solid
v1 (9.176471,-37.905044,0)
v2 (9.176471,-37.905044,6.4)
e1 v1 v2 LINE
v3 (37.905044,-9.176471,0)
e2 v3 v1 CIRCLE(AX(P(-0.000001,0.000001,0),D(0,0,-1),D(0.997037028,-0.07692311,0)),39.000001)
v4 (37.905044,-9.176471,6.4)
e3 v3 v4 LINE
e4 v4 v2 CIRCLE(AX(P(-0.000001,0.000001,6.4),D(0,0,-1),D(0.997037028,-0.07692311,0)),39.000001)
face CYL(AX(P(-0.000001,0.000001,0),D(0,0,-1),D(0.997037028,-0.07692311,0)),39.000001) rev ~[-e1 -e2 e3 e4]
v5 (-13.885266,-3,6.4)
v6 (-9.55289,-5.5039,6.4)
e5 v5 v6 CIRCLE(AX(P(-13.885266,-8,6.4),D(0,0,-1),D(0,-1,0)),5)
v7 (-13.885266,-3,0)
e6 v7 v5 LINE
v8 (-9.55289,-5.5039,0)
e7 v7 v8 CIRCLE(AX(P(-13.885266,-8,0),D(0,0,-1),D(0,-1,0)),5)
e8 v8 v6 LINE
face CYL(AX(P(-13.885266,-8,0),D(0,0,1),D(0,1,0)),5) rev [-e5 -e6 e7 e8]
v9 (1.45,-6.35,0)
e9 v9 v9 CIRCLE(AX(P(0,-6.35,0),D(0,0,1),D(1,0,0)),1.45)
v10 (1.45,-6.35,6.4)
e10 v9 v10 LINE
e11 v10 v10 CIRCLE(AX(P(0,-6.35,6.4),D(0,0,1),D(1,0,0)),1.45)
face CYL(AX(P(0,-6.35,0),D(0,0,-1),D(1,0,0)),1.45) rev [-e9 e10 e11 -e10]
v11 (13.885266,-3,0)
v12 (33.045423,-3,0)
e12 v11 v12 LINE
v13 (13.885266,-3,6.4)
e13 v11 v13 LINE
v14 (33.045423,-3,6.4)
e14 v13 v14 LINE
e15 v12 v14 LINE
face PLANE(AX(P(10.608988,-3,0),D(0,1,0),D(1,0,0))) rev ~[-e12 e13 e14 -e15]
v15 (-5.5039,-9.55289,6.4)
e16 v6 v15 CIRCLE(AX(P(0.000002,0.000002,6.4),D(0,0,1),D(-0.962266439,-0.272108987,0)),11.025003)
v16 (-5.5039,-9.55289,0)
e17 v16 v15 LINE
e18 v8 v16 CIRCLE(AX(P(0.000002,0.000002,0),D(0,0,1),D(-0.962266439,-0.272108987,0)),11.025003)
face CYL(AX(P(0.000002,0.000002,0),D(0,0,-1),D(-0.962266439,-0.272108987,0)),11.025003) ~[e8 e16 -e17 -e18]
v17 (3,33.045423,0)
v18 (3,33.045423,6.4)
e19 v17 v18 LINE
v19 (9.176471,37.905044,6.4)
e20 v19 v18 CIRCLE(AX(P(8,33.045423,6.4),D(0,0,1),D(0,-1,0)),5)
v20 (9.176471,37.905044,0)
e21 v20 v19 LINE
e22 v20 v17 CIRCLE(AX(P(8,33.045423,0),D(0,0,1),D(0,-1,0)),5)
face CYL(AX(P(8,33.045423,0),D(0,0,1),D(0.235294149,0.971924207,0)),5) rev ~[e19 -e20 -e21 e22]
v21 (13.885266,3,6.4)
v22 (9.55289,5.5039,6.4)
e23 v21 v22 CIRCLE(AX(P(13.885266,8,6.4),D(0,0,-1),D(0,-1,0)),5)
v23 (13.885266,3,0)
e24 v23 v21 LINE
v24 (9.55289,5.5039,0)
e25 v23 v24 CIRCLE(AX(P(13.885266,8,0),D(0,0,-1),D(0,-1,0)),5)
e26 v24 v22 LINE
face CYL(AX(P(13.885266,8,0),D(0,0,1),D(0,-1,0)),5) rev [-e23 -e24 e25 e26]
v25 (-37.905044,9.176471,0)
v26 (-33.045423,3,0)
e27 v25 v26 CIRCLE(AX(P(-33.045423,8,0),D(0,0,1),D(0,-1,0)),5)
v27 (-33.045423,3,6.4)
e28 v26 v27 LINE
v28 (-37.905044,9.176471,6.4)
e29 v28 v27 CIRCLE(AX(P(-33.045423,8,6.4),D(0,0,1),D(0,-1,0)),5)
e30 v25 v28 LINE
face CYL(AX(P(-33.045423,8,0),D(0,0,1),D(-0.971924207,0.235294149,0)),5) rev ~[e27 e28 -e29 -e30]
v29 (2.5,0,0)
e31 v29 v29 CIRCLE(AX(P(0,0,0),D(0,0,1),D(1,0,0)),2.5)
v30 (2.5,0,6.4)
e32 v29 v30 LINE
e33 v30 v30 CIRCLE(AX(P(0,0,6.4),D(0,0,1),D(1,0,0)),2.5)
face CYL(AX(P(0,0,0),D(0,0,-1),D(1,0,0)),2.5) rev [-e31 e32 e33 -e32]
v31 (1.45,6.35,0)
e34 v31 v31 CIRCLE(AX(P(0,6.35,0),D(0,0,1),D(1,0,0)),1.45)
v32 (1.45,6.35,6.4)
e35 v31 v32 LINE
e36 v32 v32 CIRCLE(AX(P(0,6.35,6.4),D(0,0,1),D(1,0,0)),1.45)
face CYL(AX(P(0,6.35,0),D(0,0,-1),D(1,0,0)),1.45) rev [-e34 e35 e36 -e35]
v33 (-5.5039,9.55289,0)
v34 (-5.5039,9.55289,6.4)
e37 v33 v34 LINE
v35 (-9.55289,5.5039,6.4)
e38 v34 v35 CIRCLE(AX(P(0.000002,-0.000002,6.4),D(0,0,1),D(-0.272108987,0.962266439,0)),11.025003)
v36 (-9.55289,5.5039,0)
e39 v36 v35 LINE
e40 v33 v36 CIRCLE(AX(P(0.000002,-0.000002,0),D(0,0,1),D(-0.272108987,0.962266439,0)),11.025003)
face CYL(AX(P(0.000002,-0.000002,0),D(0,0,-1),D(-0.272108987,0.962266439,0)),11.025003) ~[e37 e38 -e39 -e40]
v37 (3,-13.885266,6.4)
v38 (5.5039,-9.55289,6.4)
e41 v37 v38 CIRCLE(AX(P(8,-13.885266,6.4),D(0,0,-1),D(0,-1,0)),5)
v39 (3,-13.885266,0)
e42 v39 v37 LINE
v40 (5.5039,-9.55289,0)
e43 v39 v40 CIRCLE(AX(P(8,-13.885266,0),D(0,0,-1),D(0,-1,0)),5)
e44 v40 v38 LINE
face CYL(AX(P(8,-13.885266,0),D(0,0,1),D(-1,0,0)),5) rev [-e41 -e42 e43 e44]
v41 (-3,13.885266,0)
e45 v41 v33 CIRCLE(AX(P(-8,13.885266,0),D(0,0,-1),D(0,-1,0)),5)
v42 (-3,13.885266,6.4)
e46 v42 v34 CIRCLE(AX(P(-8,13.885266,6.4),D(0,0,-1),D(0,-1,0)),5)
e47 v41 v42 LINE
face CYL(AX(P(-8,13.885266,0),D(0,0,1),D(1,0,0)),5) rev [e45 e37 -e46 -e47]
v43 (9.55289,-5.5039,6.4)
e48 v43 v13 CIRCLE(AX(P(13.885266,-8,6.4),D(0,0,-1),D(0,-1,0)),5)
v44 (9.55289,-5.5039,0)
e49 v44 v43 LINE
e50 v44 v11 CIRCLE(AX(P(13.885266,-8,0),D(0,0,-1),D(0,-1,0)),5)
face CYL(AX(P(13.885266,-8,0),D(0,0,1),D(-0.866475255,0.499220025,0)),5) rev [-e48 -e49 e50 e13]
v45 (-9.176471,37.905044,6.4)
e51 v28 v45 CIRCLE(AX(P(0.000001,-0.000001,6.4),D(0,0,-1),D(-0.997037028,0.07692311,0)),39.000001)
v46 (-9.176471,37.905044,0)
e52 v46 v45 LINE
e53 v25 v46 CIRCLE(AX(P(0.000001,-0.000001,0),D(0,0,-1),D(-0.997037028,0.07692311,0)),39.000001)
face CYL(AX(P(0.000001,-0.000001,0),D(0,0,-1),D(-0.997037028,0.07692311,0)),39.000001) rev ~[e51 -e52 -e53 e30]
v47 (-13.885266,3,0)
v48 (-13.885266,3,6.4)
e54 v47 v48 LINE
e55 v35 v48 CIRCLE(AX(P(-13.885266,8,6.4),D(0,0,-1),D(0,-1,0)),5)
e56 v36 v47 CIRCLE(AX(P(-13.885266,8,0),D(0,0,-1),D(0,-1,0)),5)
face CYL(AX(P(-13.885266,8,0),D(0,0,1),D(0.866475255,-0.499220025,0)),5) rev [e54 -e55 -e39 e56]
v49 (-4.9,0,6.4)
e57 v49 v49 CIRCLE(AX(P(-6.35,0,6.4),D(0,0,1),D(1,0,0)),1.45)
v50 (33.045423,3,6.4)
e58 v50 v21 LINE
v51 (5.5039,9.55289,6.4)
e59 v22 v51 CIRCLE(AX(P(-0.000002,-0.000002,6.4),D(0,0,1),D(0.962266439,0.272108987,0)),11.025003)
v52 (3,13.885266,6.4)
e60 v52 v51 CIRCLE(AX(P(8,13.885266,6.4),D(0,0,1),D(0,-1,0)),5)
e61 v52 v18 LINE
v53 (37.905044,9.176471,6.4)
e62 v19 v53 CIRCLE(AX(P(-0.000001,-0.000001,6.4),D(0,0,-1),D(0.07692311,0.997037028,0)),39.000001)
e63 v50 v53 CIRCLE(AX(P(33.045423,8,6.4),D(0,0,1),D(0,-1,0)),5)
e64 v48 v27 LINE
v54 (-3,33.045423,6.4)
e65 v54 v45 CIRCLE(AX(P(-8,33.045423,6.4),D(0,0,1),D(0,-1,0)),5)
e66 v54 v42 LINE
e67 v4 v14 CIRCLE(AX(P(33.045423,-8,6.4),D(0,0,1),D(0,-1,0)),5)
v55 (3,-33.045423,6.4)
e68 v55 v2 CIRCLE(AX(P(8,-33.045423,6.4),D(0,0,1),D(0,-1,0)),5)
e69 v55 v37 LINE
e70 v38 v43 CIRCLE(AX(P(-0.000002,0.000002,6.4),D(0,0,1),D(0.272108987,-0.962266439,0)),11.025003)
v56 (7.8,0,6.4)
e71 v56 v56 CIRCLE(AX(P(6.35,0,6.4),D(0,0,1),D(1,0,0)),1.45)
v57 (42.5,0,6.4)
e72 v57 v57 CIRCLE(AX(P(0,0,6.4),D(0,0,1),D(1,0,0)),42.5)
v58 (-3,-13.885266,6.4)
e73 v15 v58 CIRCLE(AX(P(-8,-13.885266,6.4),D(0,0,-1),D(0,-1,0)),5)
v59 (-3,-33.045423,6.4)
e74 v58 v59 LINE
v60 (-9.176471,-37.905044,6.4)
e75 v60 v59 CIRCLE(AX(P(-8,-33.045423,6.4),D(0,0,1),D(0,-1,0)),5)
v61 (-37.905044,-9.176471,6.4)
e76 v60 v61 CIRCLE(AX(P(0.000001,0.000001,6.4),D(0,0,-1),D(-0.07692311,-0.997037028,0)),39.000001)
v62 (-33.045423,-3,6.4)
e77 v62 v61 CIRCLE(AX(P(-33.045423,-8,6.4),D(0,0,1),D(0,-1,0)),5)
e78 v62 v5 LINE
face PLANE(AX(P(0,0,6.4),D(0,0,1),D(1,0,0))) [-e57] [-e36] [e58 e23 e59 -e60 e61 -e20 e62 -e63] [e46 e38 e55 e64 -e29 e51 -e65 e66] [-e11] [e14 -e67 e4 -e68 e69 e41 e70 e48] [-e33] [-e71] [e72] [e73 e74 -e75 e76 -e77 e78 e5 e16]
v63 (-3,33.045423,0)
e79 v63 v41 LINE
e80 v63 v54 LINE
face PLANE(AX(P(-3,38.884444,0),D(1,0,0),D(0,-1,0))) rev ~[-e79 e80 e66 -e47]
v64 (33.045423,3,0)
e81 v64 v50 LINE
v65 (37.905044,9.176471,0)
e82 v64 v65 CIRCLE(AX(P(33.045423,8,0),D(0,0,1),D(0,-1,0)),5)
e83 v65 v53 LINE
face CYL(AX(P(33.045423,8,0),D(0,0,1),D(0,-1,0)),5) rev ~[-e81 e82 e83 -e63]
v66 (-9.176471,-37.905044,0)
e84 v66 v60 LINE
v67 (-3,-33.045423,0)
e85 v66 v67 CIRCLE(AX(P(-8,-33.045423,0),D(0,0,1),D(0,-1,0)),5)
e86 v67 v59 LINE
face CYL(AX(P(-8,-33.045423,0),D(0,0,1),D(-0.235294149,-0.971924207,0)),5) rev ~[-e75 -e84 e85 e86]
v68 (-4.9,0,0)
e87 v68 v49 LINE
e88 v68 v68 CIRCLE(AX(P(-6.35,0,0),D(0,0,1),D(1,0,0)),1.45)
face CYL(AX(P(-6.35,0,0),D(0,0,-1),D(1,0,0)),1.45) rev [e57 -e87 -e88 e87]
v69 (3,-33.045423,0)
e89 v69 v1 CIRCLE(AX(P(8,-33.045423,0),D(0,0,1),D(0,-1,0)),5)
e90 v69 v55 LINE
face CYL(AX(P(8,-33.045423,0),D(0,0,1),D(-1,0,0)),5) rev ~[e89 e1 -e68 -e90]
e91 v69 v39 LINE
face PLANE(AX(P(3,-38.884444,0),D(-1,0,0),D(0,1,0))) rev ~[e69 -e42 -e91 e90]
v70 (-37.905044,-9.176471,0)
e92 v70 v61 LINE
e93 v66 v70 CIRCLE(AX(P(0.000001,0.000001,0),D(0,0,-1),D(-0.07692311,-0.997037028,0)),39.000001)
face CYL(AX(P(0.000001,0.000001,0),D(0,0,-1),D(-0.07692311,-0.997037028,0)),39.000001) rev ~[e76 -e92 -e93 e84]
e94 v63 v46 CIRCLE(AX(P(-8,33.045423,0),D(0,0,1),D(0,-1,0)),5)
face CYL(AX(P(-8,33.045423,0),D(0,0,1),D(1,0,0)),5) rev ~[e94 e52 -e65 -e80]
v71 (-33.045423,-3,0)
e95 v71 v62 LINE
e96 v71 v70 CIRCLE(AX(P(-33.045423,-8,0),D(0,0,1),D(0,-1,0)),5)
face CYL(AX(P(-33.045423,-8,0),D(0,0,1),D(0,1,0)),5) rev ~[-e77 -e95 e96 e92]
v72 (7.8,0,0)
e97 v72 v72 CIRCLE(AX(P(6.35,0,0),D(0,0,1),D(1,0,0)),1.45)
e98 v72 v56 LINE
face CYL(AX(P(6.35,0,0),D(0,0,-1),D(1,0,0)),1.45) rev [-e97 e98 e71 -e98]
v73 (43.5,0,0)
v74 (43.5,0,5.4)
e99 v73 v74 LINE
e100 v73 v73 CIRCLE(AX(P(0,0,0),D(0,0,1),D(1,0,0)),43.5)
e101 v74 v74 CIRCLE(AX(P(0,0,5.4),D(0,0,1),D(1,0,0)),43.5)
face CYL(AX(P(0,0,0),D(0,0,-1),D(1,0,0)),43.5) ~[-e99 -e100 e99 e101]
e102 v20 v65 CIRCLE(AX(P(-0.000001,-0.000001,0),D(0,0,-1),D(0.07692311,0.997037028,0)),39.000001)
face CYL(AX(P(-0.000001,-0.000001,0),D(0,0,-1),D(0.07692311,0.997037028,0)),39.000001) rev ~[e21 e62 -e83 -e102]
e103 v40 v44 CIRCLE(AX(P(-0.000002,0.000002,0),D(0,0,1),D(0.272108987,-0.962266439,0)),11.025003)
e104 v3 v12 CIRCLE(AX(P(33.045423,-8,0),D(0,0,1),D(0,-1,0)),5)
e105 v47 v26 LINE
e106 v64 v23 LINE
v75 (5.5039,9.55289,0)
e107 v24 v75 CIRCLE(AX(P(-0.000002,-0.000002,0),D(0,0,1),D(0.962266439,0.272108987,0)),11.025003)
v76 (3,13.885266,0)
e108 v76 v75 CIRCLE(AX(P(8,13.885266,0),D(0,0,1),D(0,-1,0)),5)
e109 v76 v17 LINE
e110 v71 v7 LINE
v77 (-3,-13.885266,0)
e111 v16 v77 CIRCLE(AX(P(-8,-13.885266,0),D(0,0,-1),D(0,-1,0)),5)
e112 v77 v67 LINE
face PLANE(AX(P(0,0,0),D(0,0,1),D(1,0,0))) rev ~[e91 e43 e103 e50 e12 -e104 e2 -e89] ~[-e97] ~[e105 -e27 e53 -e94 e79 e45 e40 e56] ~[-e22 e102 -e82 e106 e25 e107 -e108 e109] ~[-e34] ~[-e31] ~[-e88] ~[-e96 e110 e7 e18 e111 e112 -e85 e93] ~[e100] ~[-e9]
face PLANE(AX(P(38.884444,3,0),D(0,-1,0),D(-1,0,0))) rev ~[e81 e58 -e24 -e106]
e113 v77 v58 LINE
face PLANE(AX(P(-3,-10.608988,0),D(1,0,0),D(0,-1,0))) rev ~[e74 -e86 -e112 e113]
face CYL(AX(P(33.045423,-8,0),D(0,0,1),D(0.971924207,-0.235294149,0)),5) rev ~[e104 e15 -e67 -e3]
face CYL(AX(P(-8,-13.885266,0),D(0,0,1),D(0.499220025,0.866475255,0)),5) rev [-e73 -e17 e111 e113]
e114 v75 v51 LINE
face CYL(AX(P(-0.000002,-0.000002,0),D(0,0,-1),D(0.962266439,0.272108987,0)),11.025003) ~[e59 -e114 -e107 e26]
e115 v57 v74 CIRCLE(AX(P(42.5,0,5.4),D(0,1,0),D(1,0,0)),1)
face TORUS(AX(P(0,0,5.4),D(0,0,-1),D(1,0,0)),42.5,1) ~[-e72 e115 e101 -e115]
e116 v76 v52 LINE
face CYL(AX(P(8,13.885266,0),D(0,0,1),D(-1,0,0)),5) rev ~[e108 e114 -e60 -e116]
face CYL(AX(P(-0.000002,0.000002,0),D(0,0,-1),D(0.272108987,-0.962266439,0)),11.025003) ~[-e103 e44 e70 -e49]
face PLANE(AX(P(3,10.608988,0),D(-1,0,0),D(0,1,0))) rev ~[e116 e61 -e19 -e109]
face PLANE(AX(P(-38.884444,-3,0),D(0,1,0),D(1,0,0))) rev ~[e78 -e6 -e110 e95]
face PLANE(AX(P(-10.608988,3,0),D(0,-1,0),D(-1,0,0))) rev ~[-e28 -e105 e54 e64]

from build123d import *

# Parameters (mm, degrees)
F0_R     = 43.5
F0_R_2   = 1.45
F0_R_3   = 2.5
F1_DEPTH = 6.4
F2_R     = 5
F3_R     = 1


with BuildPart() as f1:
    # F0 (on Top) → F1 (new body)
    with BuildSketch(Plane.XY):
        Circle(F0_R)
        with BuildLine():
            ThreePointArc((-10.608988, -3), (-7.795852, -7.795852), (-3, -10.608988))
            Line((-3, -10.608988), (-3, -38.884444))
            ThreePointArc((-3, -38.884444), (-27.577164, -27.577164), (-38.884444, -3))
            Line((-38.884444, -3), (-10.608988, -3))
        make_face(mode=Mode.SUBTRACT)
        with BuildLine():
            ThreePointArc((3, -10.608988), (7.795852, -7.795852), (10.608988, -3))
            Line((10.608988, -3), (38.884444, -3))
            ThreePointArc((38.884444, -3), (27.577164, -27.577164), (3, -38.884444))
            Line((3, -38.884444), (3, -10.608988))
        make_face(mode=Mode.SUBTRACT)
        with Locations((0, -6.35)):
            Circle(F0_R_2, mode=Mode.SUBTRACT)
        with Locations((-6.35, 0)):
            Circle(F0_R_2, mode=Mode.SUBTRACT)
        with BuildLine():
            ThreePointArc((-3, 10.608988), (-7.795852, 7.795852), (-10.608988, 3))
            Line((-10.608988, 3), (-38.884444, 3))
            ThreePointArc((-38.884444, 3), (-27.577164, 27.577164), (-3, 38.884444))
            Line((-3, 38.884444), (-3, 10.608988))
        make_face(mode=Mode.SUBTRACT)
        Circle(F0_R_3, mode=Mode.SUBTRACT)
        with Locations((6.35, 0)):
            Circle(F0_R_2, mode=Mode.SUBTRACT)
        with Locations((0, 6.35)):
            Circle(F0_R_2, mode=Mode.SUBTRACT)
        with BuildLine():
            ThreePointArc((10.608988, 3), (7.795852, 7.795852), (3, 10.608988))
            Line((3, 10.608988), (3, 38.884444))
            ThreePointArc((3, 38.884444), (27.577164, 27.577164), (38.884444, 3))
            Line((38.884444, 3), (10.608988, 3))
        make_face(mode=Mode.SUBTRACT)
    extrude(amount=F1_DEPTH)

    # F2
    f2_edges = [f1.edges().sort_by_distance(p)[0] for p in [
        (-10.608988, -3, 3.2),
        (-3, -10.608988, 3.2),
        (-3, 10.608988, 3.2),
        (-10.608988, 3, 3.2),
        (3, -10.608988, 3.2),
        (10.608988, -3, 3.2),
        (10.608988, 3, 3.2),
        (3, 10.608988, 3.2),
        (-38.884444, -3, 3.2),
        (-3, -38.884444, 3.2),
        (3, -38.884444, 3.2),
        (38.884444, -3, 3.2),
        (38.884444, 3, 3.2),
        (3, 38.884444, 3.2),
        (-3, 38.884444, 3.2),
        (-38.884444, 3, 3.2),
    ]]
    fillet(f2_edges, radius=F2_R)

    # F3
    f3_edges = [f1.edges().sort_by_distance(p)[0] for p in [
        (-43.5, 0, 6.4),
    ]]
    fillet(f3_edges, radius=F3_R)


solid = f1.part
